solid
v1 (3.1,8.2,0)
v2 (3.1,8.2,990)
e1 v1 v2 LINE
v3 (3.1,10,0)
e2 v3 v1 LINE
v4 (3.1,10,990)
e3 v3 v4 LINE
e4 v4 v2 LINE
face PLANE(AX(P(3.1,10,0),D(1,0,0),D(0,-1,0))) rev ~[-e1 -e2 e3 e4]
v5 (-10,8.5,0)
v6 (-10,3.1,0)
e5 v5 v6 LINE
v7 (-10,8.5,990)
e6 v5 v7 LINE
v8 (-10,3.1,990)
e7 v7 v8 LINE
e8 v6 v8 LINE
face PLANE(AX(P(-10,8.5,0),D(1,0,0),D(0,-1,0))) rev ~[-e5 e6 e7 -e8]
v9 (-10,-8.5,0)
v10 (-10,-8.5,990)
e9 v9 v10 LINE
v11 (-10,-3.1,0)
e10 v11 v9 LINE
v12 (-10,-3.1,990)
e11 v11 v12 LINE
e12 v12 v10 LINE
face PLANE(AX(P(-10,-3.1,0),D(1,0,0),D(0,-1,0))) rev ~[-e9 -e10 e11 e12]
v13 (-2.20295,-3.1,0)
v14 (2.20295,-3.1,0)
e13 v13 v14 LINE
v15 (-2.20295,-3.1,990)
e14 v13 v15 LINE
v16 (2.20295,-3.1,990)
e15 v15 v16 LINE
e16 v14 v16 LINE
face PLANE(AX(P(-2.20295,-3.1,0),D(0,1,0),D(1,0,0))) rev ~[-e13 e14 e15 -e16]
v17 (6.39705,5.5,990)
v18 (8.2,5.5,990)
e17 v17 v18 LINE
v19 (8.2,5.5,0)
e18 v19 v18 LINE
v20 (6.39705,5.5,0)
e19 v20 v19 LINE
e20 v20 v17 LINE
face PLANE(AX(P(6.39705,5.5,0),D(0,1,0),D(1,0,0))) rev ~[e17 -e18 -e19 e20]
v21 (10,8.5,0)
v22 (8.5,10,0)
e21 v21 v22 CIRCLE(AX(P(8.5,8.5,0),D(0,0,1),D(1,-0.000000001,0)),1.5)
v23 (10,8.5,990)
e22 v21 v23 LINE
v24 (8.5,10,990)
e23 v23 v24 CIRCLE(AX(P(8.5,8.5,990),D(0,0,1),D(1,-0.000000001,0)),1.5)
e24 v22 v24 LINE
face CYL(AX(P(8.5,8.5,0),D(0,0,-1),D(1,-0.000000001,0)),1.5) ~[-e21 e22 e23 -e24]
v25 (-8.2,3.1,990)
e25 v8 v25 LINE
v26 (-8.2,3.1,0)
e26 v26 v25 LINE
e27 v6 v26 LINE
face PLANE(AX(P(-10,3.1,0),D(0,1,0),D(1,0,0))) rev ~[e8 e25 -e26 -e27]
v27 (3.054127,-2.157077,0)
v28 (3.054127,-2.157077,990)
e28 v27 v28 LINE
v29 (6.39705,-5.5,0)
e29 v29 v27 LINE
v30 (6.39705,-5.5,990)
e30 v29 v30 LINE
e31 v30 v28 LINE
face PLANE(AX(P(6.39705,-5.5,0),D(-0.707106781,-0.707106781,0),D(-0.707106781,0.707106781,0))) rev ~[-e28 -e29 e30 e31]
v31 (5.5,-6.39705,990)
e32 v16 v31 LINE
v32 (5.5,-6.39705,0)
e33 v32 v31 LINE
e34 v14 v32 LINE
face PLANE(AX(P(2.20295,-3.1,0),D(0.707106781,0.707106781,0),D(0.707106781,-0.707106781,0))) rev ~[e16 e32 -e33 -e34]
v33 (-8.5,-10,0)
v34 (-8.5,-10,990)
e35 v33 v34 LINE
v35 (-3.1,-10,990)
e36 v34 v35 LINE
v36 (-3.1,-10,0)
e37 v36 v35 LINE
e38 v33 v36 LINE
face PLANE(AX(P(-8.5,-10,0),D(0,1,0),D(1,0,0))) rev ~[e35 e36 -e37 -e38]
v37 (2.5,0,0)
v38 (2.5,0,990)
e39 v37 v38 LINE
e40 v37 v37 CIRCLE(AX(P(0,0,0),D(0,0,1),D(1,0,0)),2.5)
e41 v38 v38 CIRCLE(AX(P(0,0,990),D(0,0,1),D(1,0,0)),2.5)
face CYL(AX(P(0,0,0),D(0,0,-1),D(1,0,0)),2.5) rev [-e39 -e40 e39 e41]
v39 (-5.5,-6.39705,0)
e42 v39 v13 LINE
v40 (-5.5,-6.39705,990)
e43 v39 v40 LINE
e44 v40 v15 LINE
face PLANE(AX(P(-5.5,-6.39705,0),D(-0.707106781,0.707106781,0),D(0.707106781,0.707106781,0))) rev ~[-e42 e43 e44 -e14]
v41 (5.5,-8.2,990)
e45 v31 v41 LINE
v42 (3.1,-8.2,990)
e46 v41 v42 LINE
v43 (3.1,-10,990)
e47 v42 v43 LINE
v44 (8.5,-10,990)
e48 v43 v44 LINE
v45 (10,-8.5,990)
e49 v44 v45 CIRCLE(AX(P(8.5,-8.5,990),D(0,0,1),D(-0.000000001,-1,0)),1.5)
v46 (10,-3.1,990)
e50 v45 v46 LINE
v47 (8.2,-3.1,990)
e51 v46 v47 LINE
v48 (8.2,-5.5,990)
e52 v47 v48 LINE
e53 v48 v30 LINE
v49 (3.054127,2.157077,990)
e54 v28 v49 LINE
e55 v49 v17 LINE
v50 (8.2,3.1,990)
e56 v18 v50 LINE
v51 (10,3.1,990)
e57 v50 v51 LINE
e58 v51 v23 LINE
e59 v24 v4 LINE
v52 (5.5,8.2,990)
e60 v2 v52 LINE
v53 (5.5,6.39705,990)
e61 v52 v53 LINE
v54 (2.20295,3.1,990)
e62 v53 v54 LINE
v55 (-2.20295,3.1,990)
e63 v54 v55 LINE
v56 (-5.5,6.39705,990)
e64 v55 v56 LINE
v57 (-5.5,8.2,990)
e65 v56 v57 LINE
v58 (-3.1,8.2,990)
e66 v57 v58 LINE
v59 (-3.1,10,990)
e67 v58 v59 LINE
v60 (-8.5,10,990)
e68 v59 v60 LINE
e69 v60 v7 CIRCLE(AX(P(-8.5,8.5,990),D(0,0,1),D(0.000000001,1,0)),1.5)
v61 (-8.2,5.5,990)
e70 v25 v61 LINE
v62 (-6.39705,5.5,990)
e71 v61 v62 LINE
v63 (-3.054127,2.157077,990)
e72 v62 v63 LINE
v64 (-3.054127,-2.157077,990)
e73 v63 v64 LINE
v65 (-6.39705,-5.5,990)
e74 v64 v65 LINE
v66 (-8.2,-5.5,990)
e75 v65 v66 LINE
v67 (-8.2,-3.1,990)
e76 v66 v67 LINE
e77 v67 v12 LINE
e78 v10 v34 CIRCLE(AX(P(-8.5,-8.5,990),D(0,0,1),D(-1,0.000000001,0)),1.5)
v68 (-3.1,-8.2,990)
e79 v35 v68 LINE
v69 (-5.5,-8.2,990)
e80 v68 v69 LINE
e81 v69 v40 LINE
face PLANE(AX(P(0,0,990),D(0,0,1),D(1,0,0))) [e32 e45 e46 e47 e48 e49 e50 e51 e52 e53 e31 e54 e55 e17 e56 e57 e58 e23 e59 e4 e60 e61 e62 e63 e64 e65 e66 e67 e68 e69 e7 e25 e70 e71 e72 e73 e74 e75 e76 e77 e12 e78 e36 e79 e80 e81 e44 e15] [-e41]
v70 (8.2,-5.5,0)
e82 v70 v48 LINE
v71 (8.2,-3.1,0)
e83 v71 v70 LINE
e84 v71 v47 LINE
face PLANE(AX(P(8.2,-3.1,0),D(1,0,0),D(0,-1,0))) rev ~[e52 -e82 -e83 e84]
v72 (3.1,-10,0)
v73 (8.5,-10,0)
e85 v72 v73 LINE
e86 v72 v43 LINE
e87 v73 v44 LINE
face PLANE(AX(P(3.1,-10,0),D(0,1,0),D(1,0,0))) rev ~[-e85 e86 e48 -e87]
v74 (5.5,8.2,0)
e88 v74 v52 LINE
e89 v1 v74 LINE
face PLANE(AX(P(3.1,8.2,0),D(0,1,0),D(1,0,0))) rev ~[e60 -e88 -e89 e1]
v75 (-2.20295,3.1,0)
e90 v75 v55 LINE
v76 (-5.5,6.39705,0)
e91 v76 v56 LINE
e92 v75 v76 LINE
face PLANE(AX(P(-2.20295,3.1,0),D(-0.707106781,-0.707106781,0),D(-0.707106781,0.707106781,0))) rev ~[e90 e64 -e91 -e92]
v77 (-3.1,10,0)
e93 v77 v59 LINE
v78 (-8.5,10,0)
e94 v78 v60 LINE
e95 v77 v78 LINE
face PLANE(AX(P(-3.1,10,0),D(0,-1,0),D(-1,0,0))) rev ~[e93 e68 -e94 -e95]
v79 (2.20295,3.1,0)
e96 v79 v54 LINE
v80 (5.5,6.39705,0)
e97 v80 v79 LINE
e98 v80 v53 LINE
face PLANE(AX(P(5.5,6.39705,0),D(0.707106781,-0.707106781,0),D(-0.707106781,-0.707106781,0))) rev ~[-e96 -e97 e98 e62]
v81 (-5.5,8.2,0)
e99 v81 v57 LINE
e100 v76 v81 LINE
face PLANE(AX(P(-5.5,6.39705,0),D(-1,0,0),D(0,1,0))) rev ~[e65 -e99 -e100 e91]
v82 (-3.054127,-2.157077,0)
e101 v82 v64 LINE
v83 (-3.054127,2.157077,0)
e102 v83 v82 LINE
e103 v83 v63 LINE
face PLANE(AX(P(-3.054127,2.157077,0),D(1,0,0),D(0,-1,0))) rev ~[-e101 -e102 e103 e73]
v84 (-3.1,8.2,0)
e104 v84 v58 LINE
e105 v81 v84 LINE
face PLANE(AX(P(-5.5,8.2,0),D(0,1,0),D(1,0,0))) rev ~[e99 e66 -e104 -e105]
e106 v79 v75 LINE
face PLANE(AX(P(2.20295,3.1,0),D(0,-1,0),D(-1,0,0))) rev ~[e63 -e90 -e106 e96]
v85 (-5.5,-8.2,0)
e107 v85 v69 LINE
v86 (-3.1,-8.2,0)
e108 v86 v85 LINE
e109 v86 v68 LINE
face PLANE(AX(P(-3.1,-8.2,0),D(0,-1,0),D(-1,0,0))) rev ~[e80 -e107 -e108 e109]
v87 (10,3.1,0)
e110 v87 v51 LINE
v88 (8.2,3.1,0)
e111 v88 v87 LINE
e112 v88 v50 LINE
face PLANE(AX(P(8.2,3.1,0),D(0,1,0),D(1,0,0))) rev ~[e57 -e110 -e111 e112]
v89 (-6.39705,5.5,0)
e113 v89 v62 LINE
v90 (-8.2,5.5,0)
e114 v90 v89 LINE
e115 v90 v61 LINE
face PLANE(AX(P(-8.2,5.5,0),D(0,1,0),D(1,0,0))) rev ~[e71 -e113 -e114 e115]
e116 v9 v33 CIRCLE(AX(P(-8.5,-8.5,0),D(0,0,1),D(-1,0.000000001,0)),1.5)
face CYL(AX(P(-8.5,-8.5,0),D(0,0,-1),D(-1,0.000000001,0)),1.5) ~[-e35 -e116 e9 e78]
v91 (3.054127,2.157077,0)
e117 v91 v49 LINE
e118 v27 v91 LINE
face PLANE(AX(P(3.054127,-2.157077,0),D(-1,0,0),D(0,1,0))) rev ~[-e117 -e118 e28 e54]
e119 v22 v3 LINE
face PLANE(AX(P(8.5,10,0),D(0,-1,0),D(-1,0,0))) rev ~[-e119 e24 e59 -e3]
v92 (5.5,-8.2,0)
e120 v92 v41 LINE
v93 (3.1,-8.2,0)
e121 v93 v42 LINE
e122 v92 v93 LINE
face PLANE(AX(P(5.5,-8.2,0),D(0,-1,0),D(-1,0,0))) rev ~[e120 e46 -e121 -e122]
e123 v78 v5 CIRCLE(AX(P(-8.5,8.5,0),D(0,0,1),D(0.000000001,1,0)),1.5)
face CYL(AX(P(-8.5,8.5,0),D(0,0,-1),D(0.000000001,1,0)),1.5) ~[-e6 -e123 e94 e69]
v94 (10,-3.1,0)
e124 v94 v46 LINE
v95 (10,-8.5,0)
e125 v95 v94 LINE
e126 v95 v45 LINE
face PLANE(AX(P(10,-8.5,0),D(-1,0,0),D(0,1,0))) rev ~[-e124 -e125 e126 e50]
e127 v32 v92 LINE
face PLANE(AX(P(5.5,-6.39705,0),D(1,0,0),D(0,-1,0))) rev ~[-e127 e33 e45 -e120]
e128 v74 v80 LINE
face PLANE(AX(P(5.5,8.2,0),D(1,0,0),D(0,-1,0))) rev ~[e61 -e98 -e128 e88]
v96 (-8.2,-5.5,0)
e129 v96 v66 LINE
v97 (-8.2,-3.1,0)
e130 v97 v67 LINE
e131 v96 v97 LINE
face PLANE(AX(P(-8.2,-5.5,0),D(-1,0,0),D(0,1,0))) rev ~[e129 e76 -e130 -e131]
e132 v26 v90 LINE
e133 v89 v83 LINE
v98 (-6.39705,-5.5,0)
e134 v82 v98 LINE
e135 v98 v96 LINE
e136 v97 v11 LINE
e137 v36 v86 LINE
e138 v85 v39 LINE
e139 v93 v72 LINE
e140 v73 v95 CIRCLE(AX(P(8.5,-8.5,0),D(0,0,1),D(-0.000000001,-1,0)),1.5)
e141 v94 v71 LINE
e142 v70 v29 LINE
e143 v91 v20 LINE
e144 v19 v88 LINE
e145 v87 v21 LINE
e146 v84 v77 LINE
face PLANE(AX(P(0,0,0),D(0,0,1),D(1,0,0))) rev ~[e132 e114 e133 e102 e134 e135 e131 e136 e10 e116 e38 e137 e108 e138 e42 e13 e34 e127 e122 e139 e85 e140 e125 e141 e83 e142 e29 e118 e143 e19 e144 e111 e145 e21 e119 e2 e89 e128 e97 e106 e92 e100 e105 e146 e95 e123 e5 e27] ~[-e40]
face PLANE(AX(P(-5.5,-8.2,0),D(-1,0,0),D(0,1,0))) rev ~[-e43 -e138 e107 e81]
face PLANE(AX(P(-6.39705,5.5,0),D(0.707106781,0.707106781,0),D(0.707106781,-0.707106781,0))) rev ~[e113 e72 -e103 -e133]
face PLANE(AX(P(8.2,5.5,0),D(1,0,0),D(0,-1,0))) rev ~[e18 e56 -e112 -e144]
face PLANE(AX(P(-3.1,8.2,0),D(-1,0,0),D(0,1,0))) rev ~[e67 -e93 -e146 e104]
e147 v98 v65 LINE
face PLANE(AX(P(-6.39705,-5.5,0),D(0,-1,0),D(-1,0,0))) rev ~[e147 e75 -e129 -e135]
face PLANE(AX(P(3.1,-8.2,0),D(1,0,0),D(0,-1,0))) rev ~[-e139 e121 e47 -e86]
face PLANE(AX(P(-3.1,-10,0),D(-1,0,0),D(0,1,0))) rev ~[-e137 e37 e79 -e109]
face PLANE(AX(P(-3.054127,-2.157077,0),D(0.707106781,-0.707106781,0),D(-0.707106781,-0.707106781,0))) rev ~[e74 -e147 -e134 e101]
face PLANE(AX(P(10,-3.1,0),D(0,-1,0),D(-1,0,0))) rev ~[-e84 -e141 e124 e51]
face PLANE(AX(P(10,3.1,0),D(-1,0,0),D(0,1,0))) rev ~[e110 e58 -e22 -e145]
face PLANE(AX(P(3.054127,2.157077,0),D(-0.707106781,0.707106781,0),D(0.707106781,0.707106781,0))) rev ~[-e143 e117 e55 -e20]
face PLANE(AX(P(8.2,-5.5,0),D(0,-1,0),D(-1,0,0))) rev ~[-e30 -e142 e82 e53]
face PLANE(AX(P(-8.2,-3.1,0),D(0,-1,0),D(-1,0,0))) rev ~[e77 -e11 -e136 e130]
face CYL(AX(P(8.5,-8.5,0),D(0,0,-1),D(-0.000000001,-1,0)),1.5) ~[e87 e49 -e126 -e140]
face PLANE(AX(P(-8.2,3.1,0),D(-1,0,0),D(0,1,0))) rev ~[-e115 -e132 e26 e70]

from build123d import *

# Parameters (mm, degrees)
SKETCH_1_R      = 2.5
EXTRUDE_1_DEPTH = 990


with BuildPart() as part:
    # 草图1 → 凸台-拉伸1 (new body)
    with BuildSketch(Plane.XY):
        with BuildLine():
            Line((-8.2, -3.1), (-10, -3.1))
            Line((-10, -3.1), (-10, -8.5))
            ThreePointArc((-10, -8.5), (-9.560660172, -9.560660172), (-8.5, -10))
            Line((-8.5, -10), (-3.1, -10))
            Line((-3.1, -10), (-3.1, -8.2))
            Line((-3.1, -8.2), (-5.5, -8.2))
            Line((-5.5, -8.2), (-5.5, -6.397050155))
            Line((-5.5, -6.397050155), (-2.202949845, -3.1))
            Line((-2.202949845, -3.1), (2.202949845, -3.1))
            Line((2.202949845, -3.1), (5.5, -6.397050155))
            Line((5.5, -6.397050155), (5.5, -8.2))
            Line((5.5, -8.2), (3.1, -8.2))
            Line((3.1, -8.2), (3.1, -10))
            Line((3.1, -10), (8.5, -10))
            ThreePointArc((8.5, -10), (9.560660172, -9.560660172), (10, -8.5))
            Line((10, -8.5), (10, -3.1))
            Line((10, -3.1), (8.2, -3.1))
            Line((8.2, -3.1), (8.2, -5.5))
            Line((8.2, -5.5), (6.397050155, -5.5))
            Line((6.397050155, -5.5), (3.05412702, -2.157076865))
            Line((3.05412702, -2.157076865), (3.05412702, 2.157076865))
            Line((3.05412702, 2.157076865), (6.397050155, 5.5))
            Line((6.397050155, 5.5), (8.2, 5.5))
            Line((8.2, 5.5), (8.2, 3.1))
            Line((8.2, 3.1), (10, 3.1))
            Line((10, 3.1), (10, 8.5))
            ThreePointArc((10, 8.5), (9.560660172, 9.560660172), (8.5, 10))
            Line((8.5, 10), (3.1, 10))
            Line((3.1, 10), (3.1, 8.2))
            Line((3.1, 8.2), (5.5, 8.2))
            Line((5.5, 8.2), (5.5, 6.397050155))
            Line((5.5, 6.397050155), (2.202949845, 3.1))
            Line((2.202949845, 3.1), (-2.202949845, 3.1))
            Line((-2.202949845, 3.1), (-5.5, 6.397050155))
            Line((-5.5, 6.397050155), (-5.5, 8.2))
            Line((-5.5, 8.2), (-3.1, 8.2))
            Line((-3.1, 8.2), (-3.1, 10))
            Line((-3.1, 10), (-8.5, 10))
            ThreePointArc((-8.5, 10), (-9.560660172, 9.560660172), (-10, 8.5))
            Line((-10, 8.5), (-10, 3.1))
            Line((-10, 3.1), (-8.2, 3.1))
            Line((-8.2, 3.1), (-8.2, 5.5))
            Line((-8.2, 5.5), (-6.397050155, 5.5))
            Line((-6.397050155, 5.5), (-3.05412702, 2.157076865))
            Line((-3.05412702, 2.157076865), (-3.05412702, -2.157076865))
            Line((-3.05412702, -2.157076865), (-6.397050155, -5.5))
            Line((-6.397050155, -5.5), (-8.2, -5.5))
            Line((-8.2, -5.5), (-8.2, -3.1))
        make_face()
        Circle(SKETCH_1_R, mode=Mode.SUBTRACT)
    extrude(amount=EXTRUDE_1_DEPTH)


solid = part.part
